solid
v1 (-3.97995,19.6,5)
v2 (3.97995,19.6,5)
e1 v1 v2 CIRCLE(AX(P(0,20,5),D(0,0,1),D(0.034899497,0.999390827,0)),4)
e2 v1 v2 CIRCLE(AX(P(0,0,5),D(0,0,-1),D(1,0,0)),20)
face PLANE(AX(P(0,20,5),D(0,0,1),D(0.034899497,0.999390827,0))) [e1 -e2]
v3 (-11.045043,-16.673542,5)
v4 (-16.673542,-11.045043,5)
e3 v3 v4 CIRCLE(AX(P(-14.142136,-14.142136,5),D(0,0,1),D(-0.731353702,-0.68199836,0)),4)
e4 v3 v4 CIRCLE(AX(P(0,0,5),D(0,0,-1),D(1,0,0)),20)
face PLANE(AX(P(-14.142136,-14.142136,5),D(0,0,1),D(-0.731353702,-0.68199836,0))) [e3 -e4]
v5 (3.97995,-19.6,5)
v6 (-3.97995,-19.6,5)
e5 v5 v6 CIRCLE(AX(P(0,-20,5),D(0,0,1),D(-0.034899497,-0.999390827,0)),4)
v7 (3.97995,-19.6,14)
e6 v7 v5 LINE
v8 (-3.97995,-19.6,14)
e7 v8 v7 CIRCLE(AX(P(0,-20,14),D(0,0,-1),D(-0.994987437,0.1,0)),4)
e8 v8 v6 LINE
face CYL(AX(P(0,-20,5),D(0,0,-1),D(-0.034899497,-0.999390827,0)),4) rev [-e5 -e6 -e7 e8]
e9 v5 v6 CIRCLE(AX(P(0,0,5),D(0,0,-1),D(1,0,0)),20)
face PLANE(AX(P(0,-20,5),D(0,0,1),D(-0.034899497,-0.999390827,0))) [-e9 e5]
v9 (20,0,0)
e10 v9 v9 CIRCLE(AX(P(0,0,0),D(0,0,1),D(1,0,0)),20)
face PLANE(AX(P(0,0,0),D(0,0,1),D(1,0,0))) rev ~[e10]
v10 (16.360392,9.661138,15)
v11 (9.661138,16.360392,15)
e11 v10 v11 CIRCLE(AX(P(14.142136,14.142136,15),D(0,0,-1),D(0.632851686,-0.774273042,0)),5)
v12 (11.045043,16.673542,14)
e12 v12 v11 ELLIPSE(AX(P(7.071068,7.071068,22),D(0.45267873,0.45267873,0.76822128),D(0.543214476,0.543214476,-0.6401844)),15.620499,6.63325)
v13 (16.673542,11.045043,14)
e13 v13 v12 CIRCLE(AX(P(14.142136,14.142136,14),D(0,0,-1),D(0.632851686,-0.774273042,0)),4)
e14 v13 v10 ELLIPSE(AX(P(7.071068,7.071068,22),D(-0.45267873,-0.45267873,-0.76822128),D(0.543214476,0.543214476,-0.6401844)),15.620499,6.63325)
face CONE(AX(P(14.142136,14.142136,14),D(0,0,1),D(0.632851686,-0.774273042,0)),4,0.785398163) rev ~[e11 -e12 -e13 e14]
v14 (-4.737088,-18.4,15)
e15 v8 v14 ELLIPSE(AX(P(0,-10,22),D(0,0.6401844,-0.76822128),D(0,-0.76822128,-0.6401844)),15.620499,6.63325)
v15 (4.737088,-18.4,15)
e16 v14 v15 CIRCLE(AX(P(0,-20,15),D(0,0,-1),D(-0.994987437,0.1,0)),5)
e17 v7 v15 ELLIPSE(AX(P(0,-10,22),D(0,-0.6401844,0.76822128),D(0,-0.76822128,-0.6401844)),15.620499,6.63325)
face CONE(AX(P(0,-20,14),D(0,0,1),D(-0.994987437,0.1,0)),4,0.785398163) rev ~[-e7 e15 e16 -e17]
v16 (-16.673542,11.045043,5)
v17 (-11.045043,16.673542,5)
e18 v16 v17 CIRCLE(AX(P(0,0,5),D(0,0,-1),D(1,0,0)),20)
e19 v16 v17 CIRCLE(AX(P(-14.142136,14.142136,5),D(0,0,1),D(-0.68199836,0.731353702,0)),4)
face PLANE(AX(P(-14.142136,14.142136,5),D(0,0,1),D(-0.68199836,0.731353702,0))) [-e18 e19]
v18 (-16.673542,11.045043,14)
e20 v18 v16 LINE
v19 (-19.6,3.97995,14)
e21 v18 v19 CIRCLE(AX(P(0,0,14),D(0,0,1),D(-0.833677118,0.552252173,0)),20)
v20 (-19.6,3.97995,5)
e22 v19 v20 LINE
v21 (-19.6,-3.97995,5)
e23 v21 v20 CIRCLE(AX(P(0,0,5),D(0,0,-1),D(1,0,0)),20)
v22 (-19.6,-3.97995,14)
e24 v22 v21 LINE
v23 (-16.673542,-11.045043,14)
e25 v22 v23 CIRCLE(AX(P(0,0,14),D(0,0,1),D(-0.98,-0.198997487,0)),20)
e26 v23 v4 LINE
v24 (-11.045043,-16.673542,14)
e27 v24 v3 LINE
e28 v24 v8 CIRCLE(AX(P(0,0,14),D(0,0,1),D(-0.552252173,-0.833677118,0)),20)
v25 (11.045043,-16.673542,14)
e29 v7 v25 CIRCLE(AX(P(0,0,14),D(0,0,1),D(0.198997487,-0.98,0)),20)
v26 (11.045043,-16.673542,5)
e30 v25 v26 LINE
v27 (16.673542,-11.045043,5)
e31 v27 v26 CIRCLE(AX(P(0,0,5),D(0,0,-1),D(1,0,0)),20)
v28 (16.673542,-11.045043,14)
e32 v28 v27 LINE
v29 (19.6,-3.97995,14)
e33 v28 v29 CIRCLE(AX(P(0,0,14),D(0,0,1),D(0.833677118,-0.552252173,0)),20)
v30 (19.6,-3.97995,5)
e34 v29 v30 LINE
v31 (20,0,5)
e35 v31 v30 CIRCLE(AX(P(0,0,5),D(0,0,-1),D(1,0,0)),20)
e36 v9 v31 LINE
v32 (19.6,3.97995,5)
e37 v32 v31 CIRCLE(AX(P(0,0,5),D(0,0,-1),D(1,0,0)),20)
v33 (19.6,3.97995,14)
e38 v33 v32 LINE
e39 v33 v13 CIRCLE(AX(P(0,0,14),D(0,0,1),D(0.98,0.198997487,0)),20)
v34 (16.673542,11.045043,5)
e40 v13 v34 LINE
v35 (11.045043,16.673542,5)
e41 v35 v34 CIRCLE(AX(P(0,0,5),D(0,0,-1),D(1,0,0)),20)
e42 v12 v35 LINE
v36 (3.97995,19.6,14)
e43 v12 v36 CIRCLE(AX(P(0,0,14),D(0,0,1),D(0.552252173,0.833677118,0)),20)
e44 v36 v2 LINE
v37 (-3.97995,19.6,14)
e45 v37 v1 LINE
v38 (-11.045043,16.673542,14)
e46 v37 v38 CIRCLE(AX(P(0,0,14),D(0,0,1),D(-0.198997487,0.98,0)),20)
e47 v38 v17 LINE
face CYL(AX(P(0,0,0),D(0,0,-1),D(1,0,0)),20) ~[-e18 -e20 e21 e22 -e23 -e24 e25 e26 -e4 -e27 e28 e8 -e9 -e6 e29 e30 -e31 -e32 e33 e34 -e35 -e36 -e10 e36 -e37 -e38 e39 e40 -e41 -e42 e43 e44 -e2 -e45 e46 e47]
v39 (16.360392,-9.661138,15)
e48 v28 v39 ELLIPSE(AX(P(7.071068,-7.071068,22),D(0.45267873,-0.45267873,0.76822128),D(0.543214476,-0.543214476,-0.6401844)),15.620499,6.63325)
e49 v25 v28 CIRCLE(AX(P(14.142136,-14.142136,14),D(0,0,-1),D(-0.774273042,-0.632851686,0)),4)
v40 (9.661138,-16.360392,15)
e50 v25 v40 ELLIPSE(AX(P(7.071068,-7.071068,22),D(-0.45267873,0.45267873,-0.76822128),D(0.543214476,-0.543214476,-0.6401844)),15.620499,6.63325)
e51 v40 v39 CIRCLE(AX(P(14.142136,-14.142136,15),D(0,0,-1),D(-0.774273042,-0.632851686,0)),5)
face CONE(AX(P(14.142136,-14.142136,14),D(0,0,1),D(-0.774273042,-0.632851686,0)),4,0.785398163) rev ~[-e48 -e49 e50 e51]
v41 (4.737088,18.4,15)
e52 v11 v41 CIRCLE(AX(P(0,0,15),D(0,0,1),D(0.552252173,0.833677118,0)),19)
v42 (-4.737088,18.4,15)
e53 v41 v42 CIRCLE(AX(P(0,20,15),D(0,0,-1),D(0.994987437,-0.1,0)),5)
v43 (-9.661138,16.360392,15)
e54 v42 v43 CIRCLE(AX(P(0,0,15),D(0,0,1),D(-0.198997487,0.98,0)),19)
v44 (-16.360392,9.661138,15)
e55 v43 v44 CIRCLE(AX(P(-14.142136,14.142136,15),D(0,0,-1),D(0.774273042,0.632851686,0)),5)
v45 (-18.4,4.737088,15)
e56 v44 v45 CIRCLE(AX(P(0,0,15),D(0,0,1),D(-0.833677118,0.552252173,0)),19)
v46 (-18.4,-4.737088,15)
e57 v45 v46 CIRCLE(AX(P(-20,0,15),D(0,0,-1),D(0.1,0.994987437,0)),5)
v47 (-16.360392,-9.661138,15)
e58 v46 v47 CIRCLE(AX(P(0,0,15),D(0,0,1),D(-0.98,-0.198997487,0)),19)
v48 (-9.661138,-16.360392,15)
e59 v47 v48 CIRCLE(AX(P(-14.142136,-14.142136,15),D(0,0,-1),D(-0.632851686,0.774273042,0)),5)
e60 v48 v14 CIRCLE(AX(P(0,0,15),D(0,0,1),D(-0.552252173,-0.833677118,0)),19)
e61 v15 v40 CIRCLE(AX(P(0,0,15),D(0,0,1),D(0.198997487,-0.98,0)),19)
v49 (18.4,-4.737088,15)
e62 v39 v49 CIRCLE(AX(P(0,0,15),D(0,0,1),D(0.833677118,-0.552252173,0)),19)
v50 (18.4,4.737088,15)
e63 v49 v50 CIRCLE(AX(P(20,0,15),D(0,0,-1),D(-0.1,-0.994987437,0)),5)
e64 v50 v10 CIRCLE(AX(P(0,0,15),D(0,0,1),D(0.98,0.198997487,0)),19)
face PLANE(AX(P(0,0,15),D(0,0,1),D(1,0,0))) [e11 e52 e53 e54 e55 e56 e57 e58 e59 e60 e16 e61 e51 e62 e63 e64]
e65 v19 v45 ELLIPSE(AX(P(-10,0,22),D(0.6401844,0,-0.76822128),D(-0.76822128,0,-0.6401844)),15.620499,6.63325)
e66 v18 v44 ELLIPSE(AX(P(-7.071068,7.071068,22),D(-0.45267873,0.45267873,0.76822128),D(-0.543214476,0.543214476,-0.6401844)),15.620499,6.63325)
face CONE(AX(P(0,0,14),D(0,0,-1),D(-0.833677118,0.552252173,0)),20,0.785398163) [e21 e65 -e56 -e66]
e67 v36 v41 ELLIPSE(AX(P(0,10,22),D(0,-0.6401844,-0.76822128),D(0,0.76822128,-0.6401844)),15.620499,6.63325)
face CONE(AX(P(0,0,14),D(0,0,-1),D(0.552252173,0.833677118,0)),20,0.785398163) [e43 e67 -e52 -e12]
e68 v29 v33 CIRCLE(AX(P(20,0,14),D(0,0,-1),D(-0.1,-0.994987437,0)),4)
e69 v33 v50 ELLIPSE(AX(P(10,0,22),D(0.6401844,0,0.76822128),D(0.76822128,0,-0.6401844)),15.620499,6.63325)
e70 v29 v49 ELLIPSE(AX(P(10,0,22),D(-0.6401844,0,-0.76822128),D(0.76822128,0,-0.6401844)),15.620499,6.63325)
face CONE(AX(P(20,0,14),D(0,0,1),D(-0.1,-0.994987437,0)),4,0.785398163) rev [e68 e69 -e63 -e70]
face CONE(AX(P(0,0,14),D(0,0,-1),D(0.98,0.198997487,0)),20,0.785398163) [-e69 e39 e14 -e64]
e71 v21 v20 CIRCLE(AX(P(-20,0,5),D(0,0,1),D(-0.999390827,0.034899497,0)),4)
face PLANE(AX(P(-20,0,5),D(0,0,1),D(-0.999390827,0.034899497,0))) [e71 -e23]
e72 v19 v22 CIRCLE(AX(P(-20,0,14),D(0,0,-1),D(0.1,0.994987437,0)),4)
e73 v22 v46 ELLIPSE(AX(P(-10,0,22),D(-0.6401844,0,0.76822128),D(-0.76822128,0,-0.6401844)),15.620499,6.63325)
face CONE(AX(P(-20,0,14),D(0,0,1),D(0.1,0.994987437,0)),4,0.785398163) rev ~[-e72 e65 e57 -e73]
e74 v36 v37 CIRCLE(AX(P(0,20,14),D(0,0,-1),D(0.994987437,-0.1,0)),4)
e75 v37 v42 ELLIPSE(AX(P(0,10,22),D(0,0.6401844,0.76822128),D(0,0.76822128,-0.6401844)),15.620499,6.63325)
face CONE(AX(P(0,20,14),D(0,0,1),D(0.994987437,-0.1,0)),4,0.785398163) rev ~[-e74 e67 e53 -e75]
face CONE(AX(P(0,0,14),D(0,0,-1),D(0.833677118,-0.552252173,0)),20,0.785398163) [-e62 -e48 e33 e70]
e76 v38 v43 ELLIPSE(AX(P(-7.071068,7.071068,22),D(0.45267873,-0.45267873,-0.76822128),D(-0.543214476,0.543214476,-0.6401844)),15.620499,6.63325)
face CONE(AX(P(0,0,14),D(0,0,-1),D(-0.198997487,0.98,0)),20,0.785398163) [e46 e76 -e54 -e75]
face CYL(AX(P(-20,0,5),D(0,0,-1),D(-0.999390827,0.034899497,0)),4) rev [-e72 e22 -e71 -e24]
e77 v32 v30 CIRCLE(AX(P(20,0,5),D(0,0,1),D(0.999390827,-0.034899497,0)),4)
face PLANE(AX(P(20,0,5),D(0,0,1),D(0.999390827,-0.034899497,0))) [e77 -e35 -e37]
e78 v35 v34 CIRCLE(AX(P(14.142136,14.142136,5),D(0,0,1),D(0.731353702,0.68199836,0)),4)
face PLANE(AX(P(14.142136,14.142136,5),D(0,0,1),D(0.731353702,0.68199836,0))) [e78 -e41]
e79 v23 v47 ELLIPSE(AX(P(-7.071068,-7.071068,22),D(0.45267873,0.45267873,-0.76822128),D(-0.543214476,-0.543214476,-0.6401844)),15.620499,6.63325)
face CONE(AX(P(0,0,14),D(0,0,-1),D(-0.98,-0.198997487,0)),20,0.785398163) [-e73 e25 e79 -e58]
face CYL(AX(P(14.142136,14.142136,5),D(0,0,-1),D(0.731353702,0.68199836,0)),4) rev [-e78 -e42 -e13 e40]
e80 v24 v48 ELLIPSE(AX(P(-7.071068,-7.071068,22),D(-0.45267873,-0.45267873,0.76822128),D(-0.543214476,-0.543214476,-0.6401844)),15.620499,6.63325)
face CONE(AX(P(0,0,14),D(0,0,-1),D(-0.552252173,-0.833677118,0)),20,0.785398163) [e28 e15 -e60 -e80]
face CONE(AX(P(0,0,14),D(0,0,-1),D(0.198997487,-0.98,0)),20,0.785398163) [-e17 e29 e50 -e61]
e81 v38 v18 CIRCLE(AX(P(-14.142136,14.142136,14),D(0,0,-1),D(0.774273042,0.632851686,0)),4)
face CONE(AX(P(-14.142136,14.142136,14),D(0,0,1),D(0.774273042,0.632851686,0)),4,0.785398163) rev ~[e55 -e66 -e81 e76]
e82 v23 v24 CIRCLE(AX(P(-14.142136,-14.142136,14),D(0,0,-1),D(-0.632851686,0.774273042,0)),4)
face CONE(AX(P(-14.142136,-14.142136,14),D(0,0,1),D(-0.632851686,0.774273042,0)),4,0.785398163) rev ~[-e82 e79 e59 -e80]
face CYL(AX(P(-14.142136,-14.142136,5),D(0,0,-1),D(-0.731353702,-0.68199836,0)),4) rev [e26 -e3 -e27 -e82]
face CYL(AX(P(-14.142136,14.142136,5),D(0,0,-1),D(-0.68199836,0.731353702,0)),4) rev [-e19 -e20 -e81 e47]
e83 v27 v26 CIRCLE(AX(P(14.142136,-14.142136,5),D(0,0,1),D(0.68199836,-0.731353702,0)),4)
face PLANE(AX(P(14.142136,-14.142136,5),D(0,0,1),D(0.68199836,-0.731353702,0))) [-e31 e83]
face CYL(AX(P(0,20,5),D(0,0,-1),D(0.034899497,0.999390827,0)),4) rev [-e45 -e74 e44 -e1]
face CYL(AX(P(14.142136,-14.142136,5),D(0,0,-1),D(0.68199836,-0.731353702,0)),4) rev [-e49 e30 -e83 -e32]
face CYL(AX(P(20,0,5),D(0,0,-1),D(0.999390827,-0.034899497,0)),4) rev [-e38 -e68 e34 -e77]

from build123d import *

# Parameters (mm, degrees)
CYLINDER001_R               = 4
CYLINDER001_DEPTH           = 13
CYLINDER001_PLACEMENT_ANGLE = 2
ARRAY_COUNT                 = 8
CYLINDER_R                  = 20
CYLINDER_DEPTH              = 15
CHAMFER_SIZE                = 1


with BuildPart() as array:
    # Cylinder001 → Cylinder001 (new body)
    with BuildSketch(Plane.XY):
        Circle(CYLINDER001_R)
    extrude(amount=CYLINDER001_DEPTH)


with BuildPart() as array_1:
    # Cylinder001 placement: moved
    add(array.part.moved(Location((20, 0, 5))).rotate(Axis((20, 0, 5), (0, 0, -1)), CYLINDER001_PLACEMENT_ANGLE))

    # Array: Array ×8 about axis
    array_axis = Axis((0, 0, 0), (0, 0, 1))


with BuildPart() as array_2:
    add(array_1.part)
    for i in range(1, ARRAY_COUNT):
        add(array_1.part.rotate(array_axis, i * 360 / ARRAY_COUNT))


with BuildPart() as chamfer_body:
    # Cylinder → Cylinder (new body)
    with BuildSketch(Plane.XY):
        Circle(CYLINDER_R)
    extrude(amount=CYLINDER_DEPTH)

    # Cut: cut Array
    add(array_2.part, mode=Mode.SUBTRACT)

    # Chamfer
    chamfer_edges = [chamfer_body.edges().sort_by_distance(p)[0] for p in [
        (18.477591, 7.653669, 15),
        (7.653669, 18.477591, 15),
        (-7.653669, 18.477591, 15),
        (-18.477591, 7.653669, 15),
        (-18.477591, -7.653669, 15),
        (-7.653669, -18.477591, 15),
        (7.653669, -18.477591, 15),
        (18.477591, -7.653669, 15),
        (16, 0, 15),
        (11.313708, -11.313708, 15),
        (0, -16, 15),
        (-11.313708, -11.313708, 15),
        (-16, 0, 15),
        (-11.313708, 11.313708, 15),
        (0, 16, 15),
        (11.313708, 11.313708, 15),
    ]]
    chamfer(chamfer_edges, length=CHAMFER_SIZE)


solid = chamfer_body.part
